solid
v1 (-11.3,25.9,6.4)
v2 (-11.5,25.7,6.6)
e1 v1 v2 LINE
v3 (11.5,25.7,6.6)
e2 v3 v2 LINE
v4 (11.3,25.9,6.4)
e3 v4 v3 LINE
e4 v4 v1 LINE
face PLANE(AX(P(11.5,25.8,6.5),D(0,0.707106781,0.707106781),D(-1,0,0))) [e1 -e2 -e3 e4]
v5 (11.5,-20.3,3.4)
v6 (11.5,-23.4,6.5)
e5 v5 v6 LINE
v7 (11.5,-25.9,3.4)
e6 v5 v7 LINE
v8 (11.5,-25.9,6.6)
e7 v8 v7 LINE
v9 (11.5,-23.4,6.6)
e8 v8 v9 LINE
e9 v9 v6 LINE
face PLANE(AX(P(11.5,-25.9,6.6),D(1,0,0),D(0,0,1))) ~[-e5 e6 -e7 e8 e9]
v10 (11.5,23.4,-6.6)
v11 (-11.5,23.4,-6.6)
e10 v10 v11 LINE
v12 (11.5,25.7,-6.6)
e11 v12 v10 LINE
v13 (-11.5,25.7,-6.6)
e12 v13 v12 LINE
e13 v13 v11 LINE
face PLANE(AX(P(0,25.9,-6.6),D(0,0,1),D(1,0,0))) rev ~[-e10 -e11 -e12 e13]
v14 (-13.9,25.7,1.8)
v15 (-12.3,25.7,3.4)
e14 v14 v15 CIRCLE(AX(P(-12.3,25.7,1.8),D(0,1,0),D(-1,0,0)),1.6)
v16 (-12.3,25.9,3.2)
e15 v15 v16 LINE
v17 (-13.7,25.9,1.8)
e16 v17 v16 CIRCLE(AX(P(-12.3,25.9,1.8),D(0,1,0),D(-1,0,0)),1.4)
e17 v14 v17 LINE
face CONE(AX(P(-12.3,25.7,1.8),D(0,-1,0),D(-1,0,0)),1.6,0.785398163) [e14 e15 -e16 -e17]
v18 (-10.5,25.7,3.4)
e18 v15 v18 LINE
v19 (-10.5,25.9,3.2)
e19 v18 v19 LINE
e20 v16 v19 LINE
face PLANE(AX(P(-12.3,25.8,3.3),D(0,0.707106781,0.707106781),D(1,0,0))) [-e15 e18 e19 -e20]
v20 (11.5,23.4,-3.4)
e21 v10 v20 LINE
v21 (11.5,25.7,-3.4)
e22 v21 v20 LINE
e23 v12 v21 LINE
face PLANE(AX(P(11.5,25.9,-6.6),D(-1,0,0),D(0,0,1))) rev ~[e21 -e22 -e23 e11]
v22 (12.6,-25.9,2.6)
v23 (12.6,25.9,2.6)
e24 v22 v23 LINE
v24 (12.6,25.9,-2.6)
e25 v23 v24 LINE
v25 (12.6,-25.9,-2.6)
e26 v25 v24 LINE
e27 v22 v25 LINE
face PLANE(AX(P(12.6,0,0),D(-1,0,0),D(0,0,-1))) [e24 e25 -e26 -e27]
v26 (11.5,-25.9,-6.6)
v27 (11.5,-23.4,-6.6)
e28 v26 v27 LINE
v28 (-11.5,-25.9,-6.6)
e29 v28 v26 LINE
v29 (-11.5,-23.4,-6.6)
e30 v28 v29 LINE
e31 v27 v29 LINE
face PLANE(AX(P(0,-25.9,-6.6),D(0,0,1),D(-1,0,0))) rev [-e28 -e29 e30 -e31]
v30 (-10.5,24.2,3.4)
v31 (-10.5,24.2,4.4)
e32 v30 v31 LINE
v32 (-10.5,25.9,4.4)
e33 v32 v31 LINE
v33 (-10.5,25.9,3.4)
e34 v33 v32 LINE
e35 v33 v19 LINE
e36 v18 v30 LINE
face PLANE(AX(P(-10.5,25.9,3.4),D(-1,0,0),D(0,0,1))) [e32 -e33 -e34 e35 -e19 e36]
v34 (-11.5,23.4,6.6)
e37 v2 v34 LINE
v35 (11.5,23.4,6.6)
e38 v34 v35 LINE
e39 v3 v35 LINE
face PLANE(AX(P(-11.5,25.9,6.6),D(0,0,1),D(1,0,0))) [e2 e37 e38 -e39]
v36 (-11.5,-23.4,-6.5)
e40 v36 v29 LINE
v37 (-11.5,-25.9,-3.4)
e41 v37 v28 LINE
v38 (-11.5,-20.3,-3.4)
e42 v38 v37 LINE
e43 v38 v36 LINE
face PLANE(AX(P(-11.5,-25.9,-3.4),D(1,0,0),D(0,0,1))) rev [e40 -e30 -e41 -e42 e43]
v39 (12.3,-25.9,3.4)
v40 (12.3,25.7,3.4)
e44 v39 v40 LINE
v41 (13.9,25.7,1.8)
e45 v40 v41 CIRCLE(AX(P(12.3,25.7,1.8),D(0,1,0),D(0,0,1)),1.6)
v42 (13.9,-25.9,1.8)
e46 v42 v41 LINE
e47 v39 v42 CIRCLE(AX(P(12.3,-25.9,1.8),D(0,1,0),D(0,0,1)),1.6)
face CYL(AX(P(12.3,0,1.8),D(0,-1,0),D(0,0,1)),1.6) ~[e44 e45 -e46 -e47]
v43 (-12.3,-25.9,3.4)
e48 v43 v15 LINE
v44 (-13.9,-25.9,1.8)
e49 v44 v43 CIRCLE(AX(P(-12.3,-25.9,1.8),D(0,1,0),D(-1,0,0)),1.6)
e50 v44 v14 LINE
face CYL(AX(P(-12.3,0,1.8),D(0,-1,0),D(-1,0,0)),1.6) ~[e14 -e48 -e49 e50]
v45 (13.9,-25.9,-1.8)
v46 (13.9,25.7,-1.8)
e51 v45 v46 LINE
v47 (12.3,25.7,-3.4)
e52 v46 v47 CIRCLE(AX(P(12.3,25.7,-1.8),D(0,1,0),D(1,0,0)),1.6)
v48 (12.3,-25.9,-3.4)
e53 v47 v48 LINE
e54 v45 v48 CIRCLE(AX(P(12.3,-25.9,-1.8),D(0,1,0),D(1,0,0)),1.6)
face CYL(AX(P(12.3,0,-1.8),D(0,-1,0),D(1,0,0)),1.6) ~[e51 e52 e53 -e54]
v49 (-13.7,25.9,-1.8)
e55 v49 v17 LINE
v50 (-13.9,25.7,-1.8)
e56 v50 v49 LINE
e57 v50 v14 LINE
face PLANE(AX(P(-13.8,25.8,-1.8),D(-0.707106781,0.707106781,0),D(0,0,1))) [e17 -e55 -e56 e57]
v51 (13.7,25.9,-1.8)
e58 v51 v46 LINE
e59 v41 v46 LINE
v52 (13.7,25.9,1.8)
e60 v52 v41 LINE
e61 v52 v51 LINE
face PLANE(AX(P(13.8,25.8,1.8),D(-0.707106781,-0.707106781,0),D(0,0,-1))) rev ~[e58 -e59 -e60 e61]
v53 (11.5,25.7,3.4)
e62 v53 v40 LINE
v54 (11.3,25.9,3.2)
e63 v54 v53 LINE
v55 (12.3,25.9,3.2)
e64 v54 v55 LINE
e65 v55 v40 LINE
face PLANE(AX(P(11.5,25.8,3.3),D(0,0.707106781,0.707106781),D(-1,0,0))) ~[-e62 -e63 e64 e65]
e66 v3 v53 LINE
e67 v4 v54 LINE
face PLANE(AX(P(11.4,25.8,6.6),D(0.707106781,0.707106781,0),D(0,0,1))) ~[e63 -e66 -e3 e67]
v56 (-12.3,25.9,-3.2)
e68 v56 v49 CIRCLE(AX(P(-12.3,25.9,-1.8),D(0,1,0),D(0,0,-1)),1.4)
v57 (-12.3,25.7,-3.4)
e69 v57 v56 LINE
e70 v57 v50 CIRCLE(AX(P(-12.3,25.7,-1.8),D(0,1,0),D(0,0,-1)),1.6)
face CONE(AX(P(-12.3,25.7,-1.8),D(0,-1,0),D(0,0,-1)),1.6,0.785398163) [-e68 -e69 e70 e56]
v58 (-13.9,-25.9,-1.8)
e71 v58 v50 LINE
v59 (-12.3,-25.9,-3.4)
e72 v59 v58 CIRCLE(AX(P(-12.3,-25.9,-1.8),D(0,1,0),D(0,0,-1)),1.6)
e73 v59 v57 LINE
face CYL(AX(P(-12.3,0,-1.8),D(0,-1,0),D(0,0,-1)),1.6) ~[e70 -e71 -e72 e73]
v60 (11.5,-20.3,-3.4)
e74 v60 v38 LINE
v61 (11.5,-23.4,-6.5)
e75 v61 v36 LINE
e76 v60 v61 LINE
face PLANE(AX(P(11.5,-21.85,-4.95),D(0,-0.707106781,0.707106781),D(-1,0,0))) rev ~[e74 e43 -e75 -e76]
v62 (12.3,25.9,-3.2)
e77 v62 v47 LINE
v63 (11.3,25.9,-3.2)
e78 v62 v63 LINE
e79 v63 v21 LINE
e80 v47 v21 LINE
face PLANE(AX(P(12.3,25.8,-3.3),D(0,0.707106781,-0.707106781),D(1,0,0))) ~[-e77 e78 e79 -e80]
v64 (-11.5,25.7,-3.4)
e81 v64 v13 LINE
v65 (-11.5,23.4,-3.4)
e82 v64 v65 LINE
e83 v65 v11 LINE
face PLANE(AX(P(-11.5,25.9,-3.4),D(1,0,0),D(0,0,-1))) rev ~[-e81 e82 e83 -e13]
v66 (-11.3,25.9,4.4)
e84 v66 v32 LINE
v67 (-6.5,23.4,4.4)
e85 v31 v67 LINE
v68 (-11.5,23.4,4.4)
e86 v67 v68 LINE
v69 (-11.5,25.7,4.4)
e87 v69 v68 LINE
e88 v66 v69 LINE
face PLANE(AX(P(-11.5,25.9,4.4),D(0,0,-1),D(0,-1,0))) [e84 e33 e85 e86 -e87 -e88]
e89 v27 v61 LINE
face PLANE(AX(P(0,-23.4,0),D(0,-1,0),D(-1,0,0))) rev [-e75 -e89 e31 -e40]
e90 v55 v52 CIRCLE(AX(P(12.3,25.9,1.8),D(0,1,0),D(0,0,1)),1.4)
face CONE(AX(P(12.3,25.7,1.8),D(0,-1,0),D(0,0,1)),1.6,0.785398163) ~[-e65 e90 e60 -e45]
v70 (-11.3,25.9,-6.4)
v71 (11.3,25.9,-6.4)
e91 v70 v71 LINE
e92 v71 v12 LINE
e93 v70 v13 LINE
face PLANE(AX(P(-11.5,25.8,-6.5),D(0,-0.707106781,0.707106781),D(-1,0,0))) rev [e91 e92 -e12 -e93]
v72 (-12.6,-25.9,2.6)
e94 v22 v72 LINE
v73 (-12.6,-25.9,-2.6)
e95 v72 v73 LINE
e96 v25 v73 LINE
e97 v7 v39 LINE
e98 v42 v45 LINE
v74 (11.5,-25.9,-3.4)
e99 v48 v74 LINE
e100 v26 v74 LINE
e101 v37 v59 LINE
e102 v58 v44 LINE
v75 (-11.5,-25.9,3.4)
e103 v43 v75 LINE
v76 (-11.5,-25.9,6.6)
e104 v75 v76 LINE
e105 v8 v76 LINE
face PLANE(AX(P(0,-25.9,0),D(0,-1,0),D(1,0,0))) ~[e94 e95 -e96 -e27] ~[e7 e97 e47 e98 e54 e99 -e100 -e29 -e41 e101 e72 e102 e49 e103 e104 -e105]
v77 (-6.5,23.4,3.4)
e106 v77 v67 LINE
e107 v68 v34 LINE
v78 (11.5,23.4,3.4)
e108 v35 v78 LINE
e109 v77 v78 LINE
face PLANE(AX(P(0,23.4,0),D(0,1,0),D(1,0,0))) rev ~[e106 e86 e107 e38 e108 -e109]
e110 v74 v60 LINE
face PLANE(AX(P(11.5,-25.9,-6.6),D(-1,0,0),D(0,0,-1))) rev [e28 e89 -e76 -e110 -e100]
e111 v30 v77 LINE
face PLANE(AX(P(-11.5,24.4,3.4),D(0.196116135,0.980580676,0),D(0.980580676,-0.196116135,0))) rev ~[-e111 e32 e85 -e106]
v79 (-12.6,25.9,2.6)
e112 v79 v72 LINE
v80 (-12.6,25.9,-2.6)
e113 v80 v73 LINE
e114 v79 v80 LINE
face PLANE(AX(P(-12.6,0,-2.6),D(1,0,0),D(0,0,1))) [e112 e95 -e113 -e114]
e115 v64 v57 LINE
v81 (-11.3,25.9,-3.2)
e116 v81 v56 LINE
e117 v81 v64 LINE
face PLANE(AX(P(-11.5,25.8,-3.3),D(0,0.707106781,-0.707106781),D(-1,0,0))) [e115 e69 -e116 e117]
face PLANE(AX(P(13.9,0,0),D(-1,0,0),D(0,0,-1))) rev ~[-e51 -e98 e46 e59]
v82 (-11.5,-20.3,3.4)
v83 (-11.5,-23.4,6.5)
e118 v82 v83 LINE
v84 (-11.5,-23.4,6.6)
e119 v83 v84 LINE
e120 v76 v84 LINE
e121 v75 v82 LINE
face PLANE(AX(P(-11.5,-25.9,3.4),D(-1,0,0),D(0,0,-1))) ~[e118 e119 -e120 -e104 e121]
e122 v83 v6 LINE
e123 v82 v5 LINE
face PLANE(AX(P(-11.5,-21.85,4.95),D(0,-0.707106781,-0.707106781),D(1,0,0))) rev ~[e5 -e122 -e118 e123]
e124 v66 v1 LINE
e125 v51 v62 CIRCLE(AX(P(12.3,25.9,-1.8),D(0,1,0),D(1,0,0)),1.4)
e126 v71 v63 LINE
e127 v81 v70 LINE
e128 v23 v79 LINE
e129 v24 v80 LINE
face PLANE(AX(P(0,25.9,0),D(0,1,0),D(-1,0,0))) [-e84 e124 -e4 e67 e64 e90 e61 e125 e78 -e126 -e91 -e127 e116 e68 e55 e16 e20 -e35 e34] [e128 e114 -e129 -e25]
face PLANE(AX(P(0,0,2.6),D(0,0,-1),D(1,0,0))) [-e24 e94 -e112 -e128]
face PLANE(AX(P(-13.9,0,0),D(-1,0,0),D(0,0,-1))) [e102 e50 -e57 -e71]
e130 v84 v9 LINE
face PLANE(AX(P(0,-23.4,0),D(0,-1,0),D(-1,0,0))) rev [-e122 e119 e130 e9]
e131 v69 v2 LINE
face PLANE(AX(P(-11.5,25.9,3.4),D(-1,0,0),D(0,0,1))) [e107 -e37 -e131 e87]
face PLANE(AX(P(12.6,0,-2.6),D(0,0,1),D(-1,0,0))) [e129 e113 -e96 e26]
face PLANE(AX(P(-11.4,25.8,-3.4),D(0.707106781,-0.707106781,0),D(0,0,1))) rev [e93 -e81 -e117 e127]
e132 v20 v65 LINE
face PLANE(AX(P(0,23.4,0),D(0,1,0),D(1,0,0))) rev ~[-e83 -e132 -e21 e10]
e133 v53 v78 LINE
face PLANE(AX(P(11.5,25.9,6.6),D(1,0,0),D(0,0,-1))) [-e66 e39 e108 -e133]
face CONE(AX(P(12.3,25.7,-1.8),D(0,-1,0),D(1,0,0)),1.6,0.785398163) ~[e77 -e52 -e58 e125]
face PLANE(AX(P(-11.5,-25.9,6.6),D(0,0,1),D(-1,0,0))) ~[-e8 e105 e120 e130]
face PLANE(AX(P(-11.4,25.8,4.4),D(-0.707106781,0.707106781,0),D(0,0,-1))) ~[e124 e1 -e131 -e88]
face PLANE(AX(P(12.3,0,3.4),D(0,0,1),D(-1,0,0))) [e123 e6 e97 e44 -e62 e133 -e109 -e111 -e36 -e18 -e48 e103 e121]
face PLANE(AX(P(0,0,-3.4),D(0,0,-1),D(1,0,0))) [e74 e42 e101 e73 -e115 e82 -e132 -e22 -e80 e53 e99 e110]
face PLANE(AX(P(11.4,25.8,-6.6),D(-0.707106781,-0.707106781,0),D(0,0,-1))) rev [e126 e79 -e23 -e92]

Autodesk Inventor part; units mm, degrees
ref_plane "YZ Plane" through (0, 0, 0) normal (1, 0, 0) x (0, 1, 0)
ref_plane "XZ Plane" through (0, 0, 0) normal (0, 1, 0) x (-1, 0, 0)
ref_plane "XY Plane" through (0, 0, 0) normal (0, 0, 1) x (1, 0, 0)
sketch "Skizze2" plane through (0, 0, 0) normal (0, 1, 0) x (-1, 0, 0)
  line L0 (-12.6, -2.6) -> (12.6, -2.6)
  line L1 (12.6, -2.6) -> (12.6, 2.6)
  line L2 (12.6, 2.6) -> (-12.6, 2.6)
  line L3 (-12.6, 2.6) -> (-12.6, -2.6)
  line L4 (-12.6, -2.6) -> (12.6, 2.6) construction
  line L5 (12.6, -2.6) -> (-12.6, 2.6) construction
  line L6 (-12.3, 3.4) -> (12.3, 3.4)
  line L7 (12.3, -3.4) -> (-12.3, -3.4)
  line L8 (-19.9239, 0) -> (19.9239, 0) projected
  line L9 (0, -5.2239) -> (0, 5.2239) projected
  arc A0 (-12.3, 3.4) -> (-13.9, 1.8) centre (-12.3, 1.8) ccw
  arc A1 (-13.9, -1.8) -> (-12.3, -3.4) centre (-12.3, -1.8) ccw
  arc A2 (13.9, 1.8) -> (12.3, 3.4) centre (12.3, 1.8) ccw
  arc A3 (12.3, -3.4) -> (13.9, -1.8) centre (12.3, -1.8) ccw
  line L10 (-13.9, 1.8) -> (-13.9, -1.8)
  line L11 (13.9, 1.8) -> (13.9, -1.8)
  point P0 (0, 0)
  dimension "d0" = 25.2
  dimension "d1" = 5.2
  dimension "d2" = 0.8
  dimension "d29" = 3.2
  dimension "d32" = 1.3
extrude "Extrusion1" add sketch "Skizze2" along normal blind 25.9 contours L0 L9 L7 A1 L10 L8 L3 | L0 L1 L8 L11 A3 L7 L9 | L8 L10 A0 L6 L9 L2 L3 | L1 L2 L9 L6 A2 L11 L8
sketch "Skizze3" plane through (0, 25.9, 0) normal (0, 1, 0) x (1, 0, 0)
  line L0 (12.6, 2.6) -> (12.6, -2.6) projected
  line L1 (12.6, -2.6) -> (-12.6, -2.6) projected
  line L2 (-12.6, -2.6) -> (-12.6, 2.6) projected
  line L3 (-12.6, 2.6) -> (12.6, 2.6) projected
  line L4 (12.3, 3.4) -> (-12.3, 3.4) projected
  line L5 (-12.3, -3.4) -> (12.3, -3.4) projected
  line L6 (19.46, 0) -> (-19.46, 0) projected
  line L7 (11.5, -3.4) -> (-11.5, -3.4)
  line L8 (-11.5, -3.4) -> (-11.5, -6.6)
  line L9 (-11.5, -6.6) -> (11.5, -6.6)
  line L10 (11.5, -6.6) -> (11.5, -3.4)
  line L11 (12.3, 3.4) -> (-12.3, 3.4) projected
  line L12 (11.5, 3.4) -> (-11.5, 3.4)
  line L13 (-11.5, 3.4) -> (-11.5, 6.6)
  line L14 (-11.5, 6.6) -> (11.5, 6.6)
  line L15 (11.5, 6.6) -> (11.5, 3.4)
  line L16 (0, 9.24) -> (0, -9.24) projected
  line L17 (-12.3, -3.4) -> (12.3, -3.4) projected
  arc A0 (12.3, -3.4) -> (13.9, -1.8) centre (12.3, -1.8) ccw projected
  arc A1 (13.9, 1.8) -> (12.3, 3.4) centre (12.3, 1.8) ccw projected
  arc A2 (-12.3, 3.4) -> (-13.9, 1.8) centre (-12.3, 1.8) ccw projected
  arc A3 (-13.9, -1.8) -> (-12.3, -3.4) centre (-12.3, -1.8) ccw projected
  line L18 (13.9, -1.8) -> (13.9, 1.8) projected
  line L19 (-13.9, 1.8) -> (-13.9, -1.8) projected
  dimension "d18" = 3.2
  dimension "d19" = 23
extrude "Extrusion2" add sketch "Skizze3" against normal blind 2.5 contours L16 L14 L15 L4 | L4 L13 L14 L16 | L16 L9 L8 L5 | L5 L10 L9 L16
mirror "Spiegeln1" about plane through (0, 0, 0) normal (0, 1, 0) of "Extrusion1", "Extrusion2"
chamfer "Fase1" distance 3.1 angle 45 2 edges at (0, -23.4, 3.4) (0, -23.4, -3.4)
sketch "Skizze7" plane through (0, 23.4, 0) normal (0, -1, 0) x (1, 0, 0)
  line L0 (13.4387, -2.2) -> (13.6, -2.2) projected
  line L1 (13.6, 1.5) -> (13.6, 2.2) projected
  line L2 (13.6, 2.2) -> (13.4387, 2.2) projected
  line L3 (11.5, 3.4) -> (11.5, 6.6) projected
  line L4 (11.5, 6.6) -> (-11.5, 6.6) projected
  line L5 (-11.5, 6.6) -> (-11.5, 3.4) projected
  line L6 (11.5, 3.4) -> (-11.5, 3.4) projected
  line L7 (-11.5, -3.4) -> (11.5, -3.4) projected
  line L8 (-11.5, -3.4) -> (-11.5, -6.6) projected
  line L9 (-11.5, -6.6) -> (11.5, -6.6) projected
  line L10 (11.5, -6.6) -> (11.5, -3.4) projected
  line L11 (-13.6, -2.2) -> (-13.4387, -2.2) projected
  line L12 (-13.4387, 2.2) -> (-13.6, 2.2) projected
  line L13 (-13.6, -1.5) -> (-13.6, -2.2) projected
  line L14 (-13.6, 2.2) -> (-13.6, 1.5) projected
  arc A0 (-13.6, -1.5) -> (-13.4387, -2.2) centre (-12, -1.5) ccw projected
  arc A1 (-13.4387, 2.2) -> (-13.6, 1.5) centre (-12, 1.5) ccw projected
  arc A2 (13.4387, -2.2) -> (13.6, -1.5) centre (12, -1.5) ccw projected
  line L15 (13.6, -2.2) -> (13.6, -1.5) projected
  arc A3 (13.6, 1.5) -> (13.4387, 2.2) centre (12, 1.5) ccw projected
extrude "Extrusion4" [suppressed]
chamfer "Fase2" [suppressed]
sketch "Skizze8" plane through (-11.5, 23.4, 3.4) normal (0, 0, 1) x (1, 0, 0)
  line L0 (0, 2.5) -> (23, 2.5) projected
  line L1 (0, 2.5) -> (0, 0) projected
  line L2 (23, 0) -> (0, 0) projected
  line L3 (23, 2.5) -> (23, 0) projected
  line L4 (0, 0) -> (23, 0) projected
  line L5 (0, 0) -> (0, 1)
  line L6 (0, 1) -> (5, 0)
  line L7 (5, 0) -> (0, 0)
  point P0 (11.5, -23.4)
  dimension "d33" = 1
  dimension "d34" = 5
extrude "Extrusion5" cut sketch "Skizze8" along normal blind 1 contours L6 L2 L1
sketch "Skizze9" plane through (-11.5, 25.9, 3.4) normal (-1, 0, 0) x (0, 0, 1)
  line L0 (0, -1.5) -> (1, -1.5) projected
  line L1 (1, -1.5) -> (1, -2.5) projected
  line L2 (3.2, -2.5) -> (1, -2.5) projected
  line L3 (3.2, 0) -> (3.2, -2.5) projected
  line L4 (0, 0) -> (3.2, 0) projected
  line L5 (0, -1.5) -> (0, 0) projected
  line L6 (1, -2.5) -> (0, -2.5)
  line L7 (0, -2.5) -> (0, 0)
  line L8 (0, 0) -> (1, 0)
  line L9 (1, 0) -> (1, -2.5)
  point P0 (-3.4, -25.9)
extrude "Extrusion6" cut sketch "Skizze9" against normal blind 1 contours L5 L4 L9 L0 | L0 L1 L6 L7
chamfer "Fase3" distance 0.2 angle 45 16 edges at (0, 25.9, 6.6) (11.5, 25.9, 5) (13.4314, 25.9, 2.9314) (13.9, 25.9, 0) (13.4314, 25.9, -2.9314) (11.9, 25.9, -3.4) (11.9, 25.9, 3.4) (11.5, 25.9, -5) (0, 25.9, -6.6) (-11.5, 25.9, -5) (-11.9, 25.9, -3.4) (-13.4314, 25.9, -2.9314) (-13.9, 25.9, 0) (-13.4314, 25.9, 2.9314) (-11.4, 25.9, 3.4) (-11.5, 25.9, 5.5)
properties part number "Spulenkoerper" material "PC/ABS-Kunststoff"
